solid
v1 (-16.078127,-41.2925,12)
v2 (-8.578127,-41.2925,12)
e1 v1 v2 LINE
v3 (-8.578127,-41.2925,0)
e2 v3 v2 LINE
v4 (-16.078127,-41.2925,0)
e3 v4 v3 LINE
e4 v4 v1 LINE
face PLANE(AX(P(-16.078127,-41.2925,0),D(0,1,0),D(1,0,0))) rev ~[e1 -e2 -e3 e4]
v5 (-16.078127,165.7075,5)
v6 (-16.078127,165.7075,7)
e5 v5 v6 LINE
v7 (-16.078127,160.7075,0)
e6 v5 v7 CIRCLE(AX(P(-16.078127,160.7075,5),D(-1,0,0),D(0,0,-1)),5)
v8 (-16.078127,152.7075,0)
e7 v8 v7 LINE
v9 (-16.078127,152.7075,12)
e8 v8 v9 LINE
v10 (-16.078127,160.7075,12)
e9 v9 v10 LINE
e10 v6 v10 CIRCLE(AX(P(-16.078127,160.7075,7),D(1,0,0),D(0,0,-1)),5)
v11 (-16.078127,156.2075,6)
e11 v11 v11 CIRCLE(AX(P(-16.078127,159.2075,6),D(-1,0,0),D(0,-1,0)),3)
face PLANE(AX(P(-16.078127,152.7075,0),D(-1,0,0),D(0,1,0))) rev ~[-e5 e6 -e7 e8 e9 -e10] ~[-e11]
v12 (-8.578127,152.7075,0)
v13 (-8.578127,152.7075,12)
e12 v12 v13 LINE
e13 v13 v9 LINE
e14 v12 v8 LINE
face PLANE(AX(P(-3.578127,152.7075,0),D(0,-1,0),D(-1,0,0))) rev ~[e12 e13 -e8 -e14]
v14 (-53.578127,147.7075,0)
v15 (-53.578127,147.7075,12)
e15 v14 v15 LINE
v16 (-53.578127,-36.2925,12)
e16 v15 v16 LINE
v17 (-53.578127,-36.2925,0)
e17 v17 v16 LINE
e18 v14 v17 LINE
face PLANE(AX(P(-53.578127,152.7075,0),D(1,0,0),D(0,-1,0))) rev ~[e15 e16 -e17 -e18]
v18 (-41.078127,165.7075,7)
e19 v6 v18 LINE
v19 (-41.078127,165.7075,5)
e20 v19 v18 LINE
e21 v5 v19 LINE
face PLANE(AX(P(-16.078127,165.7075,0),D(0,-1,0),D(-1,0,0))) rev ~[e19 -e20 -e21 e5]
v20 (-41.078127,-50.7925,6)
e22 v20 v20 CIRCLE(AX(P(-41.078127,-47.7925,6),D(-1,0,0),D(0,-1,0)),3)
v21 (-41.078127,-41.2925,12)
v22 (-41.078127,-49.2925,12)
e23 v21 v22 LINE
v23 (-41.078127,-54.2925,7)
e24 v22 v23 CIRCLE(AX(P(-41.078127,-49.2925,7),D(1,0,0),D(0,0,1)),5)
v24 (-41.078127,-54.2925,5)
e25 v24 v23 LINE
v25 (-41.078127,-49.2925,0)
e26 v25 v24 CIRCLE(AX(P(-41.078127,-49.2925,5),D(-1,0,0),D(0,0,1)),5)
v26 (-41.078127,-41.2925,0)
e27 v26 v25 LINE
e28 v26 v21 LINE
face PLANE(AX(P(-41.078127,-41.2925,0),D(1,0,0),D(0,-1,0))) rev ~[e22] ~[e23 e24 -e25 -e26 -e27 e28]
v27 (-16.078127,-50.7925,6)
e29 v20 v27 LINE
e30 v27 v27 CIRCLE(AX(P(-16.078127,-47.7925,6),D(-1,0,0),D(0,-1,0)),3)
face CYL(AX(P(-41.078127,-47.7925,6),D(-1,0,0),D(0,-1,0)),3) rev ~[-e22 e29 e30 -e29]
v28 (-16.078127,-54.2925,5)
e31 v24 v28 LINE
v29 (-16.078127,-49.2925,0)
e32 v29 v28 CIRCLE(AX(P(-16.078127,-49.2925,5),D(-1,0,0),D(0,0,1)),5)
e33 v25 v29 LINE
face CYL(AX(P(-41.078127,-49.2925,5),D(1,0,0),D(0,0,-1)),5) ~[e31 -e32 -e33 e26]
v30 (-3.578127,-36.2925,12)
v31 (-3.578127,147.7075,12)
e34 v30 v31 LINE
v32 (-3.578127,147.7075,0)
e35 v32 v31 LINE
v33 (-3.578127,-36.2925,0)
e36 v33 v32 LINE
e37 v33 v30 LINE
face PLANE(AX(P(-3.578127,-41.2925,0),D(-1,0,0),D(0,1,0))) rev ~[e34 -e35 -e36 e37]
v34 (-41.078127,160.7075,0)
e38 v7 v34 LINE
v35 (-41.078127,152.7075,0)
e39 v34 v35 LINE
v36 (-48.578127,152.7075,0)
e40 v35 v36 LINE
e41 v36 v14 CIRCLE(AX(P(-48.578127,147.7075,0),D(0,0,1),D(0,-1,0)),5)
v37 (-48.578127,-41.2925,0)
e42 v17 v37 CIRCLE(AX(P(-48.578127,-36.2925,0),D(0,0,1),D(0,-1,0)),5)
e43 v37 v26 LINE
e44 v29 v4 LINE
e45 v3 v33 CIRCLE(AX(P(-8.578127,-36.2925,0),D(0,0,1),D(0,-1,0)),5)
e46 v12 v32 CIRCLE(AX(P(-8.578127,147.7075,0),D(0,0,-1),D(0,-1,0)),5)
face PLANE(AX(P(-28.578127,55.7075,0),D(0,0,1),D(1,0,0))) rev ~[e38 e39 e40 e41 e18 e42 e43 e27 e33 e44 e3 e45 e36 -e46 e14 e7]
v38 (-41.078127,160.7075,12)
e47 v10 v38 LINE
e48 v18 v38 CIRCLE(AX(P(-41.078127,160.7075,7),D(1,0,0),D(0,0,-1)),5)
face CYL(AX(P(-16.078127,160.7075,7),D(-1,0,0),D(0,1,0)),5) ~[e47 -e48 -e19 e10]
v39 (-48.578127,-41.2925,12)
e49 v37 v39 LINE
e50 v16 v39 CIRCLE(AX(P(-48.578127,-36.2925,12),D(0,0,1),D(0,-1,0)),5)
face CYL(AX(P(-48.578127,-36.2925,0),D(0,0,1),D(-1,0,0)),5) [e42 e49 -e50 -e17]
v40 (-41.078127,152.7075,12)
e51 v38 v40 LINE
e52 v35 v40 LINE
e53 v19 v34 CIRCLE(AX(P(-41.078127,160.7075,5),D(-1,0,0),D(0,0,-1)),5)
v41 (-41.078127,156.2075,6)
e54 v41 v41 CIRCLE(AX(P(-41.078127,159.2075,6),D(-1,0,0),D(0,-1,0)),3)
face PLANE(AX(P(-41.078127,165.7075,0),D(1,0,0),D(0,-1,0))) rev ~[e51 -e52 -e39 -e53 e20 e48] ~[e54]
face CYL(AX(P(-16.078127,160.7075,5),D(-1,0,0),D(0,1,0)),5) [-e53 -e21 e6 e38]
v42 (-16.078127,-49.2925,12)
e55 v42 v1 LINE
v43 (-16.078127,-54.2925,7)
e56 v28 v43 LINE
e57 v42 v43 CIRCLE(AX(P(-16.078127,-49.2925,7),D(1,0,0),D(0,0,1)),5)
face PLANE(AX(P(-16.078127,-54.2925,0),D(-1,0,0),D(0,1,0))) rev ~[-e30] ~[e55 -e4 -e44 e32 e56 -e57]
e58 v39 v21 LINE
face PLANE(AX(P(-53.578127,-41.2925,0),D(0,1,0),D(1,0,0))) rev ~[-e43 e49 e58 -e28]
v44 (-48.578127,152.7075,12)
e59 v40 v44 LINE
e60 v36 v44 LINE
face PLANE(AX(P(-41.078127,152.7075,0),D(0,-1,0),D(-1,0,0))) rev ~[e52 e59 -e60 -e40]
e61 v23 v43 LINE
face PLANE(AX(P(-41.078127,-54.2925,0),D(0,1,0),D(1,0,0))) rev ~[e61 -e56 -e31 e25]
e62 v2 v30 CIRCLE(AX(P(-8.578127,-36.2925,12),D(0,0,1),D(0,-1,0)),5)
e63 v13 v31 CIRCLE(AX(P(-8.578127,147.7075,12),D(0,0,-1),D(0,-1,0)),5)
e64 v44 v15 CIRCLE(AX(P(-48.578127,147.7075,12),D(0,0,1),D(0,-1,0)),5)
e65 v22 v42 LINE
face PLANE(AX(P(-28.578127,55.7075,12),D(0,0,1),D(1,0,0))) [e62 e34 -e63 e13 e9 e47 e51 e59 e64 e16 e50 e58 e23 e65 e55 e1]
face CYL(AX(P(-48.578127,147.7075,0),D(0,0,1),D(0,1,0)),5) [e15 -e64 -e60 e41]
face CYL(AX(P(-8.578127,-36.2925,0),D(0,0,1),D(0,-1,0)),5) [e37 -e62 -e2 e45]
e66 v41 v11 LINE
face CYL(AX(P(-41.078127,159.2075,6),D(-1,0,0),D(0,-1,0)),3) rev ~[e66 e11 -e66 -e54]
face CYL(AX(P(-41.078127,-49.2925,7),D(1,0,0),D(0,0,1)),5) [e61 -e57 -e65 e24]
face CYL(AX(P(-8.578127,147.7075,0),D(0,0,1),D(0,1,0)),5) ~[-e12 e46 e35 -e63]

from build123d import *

# Parameters (mm, degrees)
F1_DEPTH = 12
F2_R     = 3
F3_DEPTH = 37.501
F4_R     = 3
F5_DEPTH = 37.501
F6_R     = 5


with BuildPart() as f1:
    # F0 (on Top) → F1 (new body)
    with BuildSketch(Plane.XY):
        Polygon((-16.078127, 165.7075), (-41.078127, 165.7075), (-41.078127, 152.7075), (-53.578127, 152.7075), (-53.578127, -41.2925), (-41.078127, -41.2925), (-41.078127, -54.2925), (-16.078127, -54.2925), (-16.078127, -41.2925), (-3.578127, -41.2925), (-3.578127, 152.7075), (-16.078127, 152.7075), align=None)
    extrude(amount=F1_DEPTH)

    # F2 (on face) → F3 (cut, through all)
    with BuildSketch(Plane(origin=(-41.078127, 0, 0), x_dir=(0, -1, 0), z_dir=(-1, 0, 0))):
        with Locations((-159.2075, 6)):
            Circle(F2_R)
    extrude(amount=-F3_DEPTH, mode=Mode.SUBTRACT)

    # F4 (on face) → F5 (cut, through all)
    with BuildSketch(Plane(origin=(-41.078127, 0, 0), x_dir=(0, -1, 0), z_dir=(-1, 0, 0))):
        with Locations((47.7925, 6)):
            Circle(F4_R)
    extrude(amount=-F5_DEPTH, mode=Mode.SUBTRACT)

    # F6
    f6_edges = [f1.edges().sort_by_distance(p)[0] for p in [
        (-28.578127, -54.2925, 12),
        (-28.578127, -54.2925, 0),
        (-28.578127, 165.7075, 12),
        (-28.578127, 165.7075, 0),
        (-3.578127, 152.7075, 6),
        (-53.578127, 152.7075, 6),
        (-53.578127, -41.2925, 6),
        (-3.578127, -41.2925, 6),
    ]]
    fillet(f6_edges, radius=F6_R)


solid = f1.part
